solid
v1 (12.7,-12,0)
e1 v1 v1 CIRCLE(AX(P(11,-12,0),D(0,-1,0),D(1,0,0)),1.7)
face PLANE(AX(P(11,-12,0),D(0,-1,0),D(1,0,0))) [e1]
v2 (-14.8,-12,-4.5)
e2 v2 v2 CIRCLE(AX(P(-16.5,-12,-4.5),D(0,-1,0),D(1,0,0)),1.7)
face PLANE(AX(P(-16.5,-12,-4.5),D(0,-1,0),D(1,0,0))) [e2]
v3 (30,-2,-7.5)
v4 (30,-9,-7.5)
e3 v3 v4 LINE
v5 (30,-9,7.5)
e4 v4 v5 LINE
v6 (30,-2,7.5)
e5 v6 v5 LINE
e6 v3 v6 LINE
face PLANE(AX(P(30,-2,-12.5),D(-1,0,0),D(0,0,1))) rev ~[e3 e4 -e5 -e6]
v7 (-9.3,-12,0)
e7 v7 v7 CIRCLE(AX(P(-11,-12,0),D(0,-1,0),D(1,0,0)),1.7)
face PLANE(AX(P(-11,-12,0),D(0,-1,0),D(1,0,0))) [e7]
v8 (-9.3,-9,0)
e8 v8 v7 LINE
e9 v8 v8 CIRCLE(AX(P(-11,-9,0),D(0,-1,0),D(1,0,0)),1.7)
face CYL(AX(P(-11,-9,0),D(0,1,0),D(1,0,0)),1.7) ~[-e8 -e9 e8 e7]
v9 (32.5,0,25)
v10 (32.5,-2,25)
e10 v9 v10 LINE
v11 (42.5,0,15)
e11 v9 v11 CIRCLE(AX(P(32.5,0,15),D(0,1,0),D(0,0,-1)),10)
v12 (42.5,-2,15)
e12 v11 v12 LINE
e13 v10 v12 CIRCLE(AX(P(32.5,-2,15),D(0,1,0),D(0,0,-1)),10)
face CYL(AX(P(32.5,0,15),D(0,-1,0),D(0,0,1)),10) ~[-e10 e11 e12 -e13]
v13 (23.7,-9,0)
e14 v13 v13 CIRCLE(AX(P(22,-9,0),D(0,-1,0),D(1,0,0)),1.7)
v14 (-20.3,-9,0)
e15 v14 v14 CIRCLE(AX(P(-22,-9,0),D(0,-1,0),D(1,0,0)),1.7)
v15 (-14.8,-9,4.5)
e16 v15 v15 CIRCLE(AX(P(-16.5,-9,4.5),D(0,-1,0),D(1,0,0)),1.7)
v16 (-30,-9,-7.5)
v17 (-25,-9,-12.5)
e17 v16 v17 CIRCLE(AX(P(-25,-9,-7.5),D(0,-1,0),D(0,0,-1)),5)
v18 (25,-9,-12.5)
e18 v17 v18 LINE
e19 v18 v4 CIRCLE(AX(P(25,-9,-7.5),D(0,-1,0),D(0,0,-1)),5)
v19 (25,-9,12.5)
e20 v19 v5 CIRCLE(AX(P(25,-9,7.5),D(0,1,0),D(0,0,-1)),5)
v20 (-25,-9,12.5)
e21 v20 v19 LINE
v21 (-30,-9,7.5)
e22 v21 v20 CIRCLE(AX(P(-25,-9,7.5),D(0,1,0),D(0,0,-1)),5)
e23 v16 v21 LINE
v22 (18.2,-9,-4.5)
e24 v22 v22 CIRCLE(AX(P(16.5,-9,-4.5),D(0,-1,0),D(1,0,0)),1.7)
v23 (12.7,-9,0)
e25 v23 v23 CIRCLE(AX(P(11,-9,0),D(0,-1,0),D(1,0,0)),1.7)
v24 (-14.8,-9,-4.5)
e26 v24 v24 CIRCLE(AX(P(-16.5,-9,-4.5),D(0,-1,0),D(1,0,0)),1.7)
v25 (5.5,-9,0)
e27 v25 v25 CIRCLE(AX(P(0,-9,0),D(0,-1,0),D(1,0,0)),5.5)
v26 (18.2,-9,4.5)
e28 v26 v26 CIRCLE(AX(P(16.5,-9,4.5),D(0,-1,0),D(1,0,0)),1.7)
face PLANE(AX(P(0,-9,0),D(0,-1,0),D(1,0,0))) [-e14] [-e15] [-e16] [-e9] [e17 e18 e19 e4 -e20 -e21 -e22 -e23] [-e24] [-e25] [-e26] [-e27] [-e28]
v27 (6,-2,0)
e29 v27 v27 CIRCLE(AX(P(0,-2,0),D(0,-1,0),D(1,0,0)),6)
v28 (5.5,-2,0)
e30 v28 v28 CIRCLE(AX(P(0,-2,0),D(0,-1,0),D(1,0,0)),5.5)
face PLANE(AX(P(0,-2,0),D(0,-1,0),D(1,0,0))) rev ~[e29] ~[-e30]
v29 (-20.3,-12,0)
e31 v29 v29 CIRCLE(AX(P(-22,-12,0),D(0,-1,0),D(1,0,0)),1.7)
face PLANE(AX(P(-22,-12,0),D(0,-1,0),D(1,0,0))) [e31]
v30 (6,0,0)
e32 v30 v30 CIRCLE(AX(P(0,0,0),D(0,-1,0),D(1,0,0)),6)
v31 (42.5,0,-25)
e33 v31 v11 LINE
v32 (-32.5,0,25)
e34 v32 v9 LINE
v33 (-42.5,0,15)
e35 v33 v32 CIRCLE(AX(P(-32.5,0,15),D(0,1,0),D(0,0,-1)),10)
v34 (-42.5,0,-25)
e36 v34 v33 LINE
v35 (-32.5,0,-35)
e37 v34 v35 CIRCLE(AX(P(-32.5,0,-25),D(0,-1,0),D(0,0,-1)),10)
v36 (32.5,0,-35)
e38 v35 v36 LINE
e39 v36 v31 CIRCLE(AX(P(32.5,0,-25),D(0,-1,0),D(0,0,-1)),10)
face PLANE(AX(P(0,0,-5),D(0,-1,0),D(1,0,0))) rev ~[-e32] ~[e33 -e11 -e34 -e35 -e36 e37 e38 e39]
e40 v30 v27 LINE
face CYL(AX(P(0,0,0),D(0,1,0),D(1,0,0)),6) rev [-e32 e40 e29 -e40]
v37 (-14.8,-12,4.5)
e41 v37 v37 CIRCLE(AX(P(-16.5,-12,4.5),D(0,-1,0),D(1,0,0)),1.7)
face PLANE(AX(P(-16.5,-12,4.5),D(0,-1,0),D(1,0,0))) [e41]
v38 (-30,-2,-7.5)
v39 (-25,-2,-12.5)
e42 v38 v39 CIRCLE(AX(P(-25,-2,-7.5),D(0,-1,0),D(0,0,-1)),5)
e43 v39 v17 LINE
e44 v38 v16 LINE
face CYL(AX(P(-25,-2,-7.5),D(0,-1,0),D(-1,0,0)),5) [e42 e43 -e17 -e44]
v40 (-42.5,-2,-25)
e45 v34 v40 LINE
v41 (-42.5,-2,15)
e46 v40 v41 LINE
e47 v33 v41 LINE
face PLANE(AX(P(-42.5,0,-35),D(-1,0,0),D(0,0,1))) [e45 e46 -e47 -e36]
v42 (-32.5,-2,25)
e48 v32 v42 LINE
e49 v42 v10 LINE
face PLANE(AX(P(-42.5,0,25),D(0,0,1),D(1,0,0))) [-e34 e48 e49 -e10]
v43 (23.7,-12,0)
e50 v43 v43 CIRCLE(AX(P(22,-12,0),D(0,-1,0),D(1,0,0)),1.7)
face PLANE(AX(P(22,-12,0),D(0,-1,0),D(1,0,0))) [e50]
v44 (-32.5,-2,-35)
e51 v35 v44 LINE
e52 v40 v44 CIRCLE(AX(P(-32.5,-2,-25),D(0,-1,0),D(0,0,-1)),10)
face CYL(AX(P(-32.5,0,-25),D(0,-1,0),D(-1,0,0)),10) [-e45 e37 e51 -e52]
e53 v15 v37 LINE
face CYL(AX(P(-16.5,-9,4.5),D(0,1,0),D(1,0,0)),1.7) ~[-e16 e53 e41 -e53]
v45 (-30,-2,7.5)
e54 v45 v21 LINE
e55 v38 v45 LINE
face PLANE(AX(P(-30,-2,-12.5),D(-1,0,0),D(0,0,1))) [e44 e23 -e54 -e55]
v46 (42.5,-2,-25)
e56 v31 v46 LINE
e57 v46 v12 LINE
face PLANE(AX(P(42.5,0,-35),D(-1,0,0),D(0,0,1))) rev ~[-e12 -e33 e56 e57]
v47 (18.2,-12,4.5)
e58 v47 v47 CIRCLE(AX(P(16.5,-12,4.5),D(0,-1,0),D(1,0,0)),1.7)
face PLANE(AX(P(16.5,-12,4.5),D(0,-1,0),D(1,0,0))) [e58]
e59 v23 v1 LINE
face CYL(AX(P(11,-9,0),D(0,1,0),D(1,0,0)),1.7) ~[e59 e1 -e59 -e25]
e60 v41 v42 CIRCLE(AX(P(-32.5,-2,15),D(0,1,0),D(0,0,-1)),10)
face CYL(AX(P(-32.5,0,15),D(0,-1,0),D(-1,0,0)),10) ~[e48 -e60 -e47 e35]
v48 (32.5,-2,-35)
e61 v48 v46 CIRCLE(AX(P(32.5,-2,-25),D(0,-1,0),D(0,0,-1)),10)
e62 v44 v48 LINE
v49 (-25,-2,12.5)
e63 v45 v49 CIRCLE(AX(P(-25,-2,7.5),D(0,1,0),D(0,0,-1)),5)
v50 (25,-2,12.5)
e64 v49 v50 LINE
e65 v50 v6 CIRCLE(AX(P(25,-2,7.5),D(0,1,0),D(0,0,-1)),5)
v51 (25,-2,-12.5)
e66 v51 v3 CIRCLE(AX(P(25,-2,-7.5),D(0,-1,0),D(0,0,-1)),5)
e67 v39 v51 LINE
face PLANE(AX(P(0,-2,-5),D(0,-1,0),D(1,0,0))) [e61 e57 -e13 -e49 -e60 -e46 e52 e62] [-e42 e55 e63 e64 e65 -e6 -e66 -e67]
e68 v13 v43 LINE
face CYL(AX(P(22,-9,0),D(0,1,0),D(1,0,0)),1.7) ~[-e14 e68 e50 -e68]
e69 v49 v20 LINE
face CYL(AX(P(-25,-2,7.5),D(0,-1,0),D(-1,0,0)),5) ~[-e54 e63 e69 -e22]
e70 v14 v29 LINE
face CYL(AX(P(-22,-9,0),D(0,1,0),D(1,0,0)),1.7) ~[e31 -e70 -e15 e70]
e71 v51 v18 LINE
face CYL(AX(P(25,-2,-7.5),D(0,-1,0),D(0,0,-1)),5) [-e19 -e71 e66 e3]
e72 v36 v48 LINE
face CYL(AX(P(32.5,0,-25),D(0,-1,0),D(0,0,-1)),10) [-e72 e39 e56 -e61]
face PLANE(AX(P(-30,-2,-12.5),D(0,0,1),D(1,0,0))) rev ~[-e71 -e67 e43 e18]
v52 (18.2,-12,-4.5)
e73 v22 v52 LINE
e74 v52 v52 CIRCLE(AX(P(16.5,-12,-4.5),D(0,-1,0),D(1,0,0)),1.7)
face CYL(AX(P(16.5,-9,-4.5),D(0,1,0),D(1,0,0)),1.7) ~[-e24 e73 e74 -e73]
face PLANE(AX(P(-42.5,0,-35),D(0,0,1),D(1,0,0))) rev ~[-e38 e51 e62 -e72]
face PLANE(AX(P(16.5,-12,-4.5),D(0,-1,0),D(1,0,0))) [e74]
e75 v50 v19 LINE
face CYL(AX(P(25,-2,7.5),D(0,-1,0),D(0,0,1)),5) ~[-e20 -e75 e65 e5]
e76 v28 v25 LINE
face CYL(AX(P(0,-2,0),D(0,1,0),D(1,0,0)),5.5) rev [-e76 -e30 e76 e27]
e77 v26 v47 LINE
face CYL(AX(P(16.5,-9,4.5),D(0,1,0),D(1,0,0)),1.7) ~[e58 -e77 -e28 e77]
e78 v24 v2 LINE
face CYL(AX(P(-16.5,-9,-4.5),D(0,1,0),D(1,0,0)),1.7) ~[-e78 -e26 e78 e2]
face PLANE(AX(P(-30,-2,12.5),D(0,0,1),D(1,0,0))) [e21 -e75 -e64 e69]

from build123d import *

# Parameters (mm, degrees)
F0_W     = 85
F0_H     = 60
F0_R     = 6
F1_DEPTH = 2
F2_W     = 60
F2_H     = 25
F2_R     = 5.5
F3_DEPTH = 7
F4_R     = 5
F5_R     = 10
F6_R     = 1.7
F7_DEPTH = 3


with BuildPart() as f1:
    # F0 (on Front) → F1 (new body)
    with BuildSketch(Plane.XZ):
        with Locations((0, -5)):
            Rectangle(F0_W, F0_H)
        Circle(F0_R, mode=Mode.SUBTRACT)
    extrude(amount=F1_DEPTH)

    # F2 (on face) → F3 (join)
    with BuildSketch(Plane.XZ.offset(2)):
        Rectangle(F2_W, F2_H)
        Circle(F2_R, mode=Mode.SUBTRACT)
    extrude(amount=F3_DEPTH)

    # F4
    f4_edges = [f1.edges().sort_by_distance(p)[0] for p in [
        (30, -5.5, 12.5),
        (30, -5.5, -12.5),
        (-30, -5.5, -12.5),
        (-30, -5.5, 12.5),
    ]]
    fillet(f4_edges, radius=F4_R)

    # F5
    f5_edges = [f1.edges().sort_by_distance(p)[0] for p in [
        (42.5, -1, 25),
        (42.5, -1, -35),
        (-42.5, -1, -35),
        (-42.5, -1, 25),
    ]]
    fillet(f5_edges, radius=F5_R)

    # F6 (on face) → F7 (join)
    with BuildSketch(Plane.XZ.offset(9)):
        with Locations((-11, 0)):
            Circle(F6_R)
        with Locations((-22, 0)):
            Circle(F6_R)
        with Locations((11, 0)):
            Circle(F6_R)
        with Locations((22, 0)):
            Circle(F6_R)
        with Locations((-16.5, -4.5)):
            Circle(F6_R)
        with Locations((16.5, -4.5)):
            Circle(F6_R)
        with Locations((16.5, 4.5)):
            Circle(F6_R)
        with Locations((-16.5, 4.5)):
            Circle(F6_R)
    extrude(amount=F7_DEPTH)


solid = f1.part
